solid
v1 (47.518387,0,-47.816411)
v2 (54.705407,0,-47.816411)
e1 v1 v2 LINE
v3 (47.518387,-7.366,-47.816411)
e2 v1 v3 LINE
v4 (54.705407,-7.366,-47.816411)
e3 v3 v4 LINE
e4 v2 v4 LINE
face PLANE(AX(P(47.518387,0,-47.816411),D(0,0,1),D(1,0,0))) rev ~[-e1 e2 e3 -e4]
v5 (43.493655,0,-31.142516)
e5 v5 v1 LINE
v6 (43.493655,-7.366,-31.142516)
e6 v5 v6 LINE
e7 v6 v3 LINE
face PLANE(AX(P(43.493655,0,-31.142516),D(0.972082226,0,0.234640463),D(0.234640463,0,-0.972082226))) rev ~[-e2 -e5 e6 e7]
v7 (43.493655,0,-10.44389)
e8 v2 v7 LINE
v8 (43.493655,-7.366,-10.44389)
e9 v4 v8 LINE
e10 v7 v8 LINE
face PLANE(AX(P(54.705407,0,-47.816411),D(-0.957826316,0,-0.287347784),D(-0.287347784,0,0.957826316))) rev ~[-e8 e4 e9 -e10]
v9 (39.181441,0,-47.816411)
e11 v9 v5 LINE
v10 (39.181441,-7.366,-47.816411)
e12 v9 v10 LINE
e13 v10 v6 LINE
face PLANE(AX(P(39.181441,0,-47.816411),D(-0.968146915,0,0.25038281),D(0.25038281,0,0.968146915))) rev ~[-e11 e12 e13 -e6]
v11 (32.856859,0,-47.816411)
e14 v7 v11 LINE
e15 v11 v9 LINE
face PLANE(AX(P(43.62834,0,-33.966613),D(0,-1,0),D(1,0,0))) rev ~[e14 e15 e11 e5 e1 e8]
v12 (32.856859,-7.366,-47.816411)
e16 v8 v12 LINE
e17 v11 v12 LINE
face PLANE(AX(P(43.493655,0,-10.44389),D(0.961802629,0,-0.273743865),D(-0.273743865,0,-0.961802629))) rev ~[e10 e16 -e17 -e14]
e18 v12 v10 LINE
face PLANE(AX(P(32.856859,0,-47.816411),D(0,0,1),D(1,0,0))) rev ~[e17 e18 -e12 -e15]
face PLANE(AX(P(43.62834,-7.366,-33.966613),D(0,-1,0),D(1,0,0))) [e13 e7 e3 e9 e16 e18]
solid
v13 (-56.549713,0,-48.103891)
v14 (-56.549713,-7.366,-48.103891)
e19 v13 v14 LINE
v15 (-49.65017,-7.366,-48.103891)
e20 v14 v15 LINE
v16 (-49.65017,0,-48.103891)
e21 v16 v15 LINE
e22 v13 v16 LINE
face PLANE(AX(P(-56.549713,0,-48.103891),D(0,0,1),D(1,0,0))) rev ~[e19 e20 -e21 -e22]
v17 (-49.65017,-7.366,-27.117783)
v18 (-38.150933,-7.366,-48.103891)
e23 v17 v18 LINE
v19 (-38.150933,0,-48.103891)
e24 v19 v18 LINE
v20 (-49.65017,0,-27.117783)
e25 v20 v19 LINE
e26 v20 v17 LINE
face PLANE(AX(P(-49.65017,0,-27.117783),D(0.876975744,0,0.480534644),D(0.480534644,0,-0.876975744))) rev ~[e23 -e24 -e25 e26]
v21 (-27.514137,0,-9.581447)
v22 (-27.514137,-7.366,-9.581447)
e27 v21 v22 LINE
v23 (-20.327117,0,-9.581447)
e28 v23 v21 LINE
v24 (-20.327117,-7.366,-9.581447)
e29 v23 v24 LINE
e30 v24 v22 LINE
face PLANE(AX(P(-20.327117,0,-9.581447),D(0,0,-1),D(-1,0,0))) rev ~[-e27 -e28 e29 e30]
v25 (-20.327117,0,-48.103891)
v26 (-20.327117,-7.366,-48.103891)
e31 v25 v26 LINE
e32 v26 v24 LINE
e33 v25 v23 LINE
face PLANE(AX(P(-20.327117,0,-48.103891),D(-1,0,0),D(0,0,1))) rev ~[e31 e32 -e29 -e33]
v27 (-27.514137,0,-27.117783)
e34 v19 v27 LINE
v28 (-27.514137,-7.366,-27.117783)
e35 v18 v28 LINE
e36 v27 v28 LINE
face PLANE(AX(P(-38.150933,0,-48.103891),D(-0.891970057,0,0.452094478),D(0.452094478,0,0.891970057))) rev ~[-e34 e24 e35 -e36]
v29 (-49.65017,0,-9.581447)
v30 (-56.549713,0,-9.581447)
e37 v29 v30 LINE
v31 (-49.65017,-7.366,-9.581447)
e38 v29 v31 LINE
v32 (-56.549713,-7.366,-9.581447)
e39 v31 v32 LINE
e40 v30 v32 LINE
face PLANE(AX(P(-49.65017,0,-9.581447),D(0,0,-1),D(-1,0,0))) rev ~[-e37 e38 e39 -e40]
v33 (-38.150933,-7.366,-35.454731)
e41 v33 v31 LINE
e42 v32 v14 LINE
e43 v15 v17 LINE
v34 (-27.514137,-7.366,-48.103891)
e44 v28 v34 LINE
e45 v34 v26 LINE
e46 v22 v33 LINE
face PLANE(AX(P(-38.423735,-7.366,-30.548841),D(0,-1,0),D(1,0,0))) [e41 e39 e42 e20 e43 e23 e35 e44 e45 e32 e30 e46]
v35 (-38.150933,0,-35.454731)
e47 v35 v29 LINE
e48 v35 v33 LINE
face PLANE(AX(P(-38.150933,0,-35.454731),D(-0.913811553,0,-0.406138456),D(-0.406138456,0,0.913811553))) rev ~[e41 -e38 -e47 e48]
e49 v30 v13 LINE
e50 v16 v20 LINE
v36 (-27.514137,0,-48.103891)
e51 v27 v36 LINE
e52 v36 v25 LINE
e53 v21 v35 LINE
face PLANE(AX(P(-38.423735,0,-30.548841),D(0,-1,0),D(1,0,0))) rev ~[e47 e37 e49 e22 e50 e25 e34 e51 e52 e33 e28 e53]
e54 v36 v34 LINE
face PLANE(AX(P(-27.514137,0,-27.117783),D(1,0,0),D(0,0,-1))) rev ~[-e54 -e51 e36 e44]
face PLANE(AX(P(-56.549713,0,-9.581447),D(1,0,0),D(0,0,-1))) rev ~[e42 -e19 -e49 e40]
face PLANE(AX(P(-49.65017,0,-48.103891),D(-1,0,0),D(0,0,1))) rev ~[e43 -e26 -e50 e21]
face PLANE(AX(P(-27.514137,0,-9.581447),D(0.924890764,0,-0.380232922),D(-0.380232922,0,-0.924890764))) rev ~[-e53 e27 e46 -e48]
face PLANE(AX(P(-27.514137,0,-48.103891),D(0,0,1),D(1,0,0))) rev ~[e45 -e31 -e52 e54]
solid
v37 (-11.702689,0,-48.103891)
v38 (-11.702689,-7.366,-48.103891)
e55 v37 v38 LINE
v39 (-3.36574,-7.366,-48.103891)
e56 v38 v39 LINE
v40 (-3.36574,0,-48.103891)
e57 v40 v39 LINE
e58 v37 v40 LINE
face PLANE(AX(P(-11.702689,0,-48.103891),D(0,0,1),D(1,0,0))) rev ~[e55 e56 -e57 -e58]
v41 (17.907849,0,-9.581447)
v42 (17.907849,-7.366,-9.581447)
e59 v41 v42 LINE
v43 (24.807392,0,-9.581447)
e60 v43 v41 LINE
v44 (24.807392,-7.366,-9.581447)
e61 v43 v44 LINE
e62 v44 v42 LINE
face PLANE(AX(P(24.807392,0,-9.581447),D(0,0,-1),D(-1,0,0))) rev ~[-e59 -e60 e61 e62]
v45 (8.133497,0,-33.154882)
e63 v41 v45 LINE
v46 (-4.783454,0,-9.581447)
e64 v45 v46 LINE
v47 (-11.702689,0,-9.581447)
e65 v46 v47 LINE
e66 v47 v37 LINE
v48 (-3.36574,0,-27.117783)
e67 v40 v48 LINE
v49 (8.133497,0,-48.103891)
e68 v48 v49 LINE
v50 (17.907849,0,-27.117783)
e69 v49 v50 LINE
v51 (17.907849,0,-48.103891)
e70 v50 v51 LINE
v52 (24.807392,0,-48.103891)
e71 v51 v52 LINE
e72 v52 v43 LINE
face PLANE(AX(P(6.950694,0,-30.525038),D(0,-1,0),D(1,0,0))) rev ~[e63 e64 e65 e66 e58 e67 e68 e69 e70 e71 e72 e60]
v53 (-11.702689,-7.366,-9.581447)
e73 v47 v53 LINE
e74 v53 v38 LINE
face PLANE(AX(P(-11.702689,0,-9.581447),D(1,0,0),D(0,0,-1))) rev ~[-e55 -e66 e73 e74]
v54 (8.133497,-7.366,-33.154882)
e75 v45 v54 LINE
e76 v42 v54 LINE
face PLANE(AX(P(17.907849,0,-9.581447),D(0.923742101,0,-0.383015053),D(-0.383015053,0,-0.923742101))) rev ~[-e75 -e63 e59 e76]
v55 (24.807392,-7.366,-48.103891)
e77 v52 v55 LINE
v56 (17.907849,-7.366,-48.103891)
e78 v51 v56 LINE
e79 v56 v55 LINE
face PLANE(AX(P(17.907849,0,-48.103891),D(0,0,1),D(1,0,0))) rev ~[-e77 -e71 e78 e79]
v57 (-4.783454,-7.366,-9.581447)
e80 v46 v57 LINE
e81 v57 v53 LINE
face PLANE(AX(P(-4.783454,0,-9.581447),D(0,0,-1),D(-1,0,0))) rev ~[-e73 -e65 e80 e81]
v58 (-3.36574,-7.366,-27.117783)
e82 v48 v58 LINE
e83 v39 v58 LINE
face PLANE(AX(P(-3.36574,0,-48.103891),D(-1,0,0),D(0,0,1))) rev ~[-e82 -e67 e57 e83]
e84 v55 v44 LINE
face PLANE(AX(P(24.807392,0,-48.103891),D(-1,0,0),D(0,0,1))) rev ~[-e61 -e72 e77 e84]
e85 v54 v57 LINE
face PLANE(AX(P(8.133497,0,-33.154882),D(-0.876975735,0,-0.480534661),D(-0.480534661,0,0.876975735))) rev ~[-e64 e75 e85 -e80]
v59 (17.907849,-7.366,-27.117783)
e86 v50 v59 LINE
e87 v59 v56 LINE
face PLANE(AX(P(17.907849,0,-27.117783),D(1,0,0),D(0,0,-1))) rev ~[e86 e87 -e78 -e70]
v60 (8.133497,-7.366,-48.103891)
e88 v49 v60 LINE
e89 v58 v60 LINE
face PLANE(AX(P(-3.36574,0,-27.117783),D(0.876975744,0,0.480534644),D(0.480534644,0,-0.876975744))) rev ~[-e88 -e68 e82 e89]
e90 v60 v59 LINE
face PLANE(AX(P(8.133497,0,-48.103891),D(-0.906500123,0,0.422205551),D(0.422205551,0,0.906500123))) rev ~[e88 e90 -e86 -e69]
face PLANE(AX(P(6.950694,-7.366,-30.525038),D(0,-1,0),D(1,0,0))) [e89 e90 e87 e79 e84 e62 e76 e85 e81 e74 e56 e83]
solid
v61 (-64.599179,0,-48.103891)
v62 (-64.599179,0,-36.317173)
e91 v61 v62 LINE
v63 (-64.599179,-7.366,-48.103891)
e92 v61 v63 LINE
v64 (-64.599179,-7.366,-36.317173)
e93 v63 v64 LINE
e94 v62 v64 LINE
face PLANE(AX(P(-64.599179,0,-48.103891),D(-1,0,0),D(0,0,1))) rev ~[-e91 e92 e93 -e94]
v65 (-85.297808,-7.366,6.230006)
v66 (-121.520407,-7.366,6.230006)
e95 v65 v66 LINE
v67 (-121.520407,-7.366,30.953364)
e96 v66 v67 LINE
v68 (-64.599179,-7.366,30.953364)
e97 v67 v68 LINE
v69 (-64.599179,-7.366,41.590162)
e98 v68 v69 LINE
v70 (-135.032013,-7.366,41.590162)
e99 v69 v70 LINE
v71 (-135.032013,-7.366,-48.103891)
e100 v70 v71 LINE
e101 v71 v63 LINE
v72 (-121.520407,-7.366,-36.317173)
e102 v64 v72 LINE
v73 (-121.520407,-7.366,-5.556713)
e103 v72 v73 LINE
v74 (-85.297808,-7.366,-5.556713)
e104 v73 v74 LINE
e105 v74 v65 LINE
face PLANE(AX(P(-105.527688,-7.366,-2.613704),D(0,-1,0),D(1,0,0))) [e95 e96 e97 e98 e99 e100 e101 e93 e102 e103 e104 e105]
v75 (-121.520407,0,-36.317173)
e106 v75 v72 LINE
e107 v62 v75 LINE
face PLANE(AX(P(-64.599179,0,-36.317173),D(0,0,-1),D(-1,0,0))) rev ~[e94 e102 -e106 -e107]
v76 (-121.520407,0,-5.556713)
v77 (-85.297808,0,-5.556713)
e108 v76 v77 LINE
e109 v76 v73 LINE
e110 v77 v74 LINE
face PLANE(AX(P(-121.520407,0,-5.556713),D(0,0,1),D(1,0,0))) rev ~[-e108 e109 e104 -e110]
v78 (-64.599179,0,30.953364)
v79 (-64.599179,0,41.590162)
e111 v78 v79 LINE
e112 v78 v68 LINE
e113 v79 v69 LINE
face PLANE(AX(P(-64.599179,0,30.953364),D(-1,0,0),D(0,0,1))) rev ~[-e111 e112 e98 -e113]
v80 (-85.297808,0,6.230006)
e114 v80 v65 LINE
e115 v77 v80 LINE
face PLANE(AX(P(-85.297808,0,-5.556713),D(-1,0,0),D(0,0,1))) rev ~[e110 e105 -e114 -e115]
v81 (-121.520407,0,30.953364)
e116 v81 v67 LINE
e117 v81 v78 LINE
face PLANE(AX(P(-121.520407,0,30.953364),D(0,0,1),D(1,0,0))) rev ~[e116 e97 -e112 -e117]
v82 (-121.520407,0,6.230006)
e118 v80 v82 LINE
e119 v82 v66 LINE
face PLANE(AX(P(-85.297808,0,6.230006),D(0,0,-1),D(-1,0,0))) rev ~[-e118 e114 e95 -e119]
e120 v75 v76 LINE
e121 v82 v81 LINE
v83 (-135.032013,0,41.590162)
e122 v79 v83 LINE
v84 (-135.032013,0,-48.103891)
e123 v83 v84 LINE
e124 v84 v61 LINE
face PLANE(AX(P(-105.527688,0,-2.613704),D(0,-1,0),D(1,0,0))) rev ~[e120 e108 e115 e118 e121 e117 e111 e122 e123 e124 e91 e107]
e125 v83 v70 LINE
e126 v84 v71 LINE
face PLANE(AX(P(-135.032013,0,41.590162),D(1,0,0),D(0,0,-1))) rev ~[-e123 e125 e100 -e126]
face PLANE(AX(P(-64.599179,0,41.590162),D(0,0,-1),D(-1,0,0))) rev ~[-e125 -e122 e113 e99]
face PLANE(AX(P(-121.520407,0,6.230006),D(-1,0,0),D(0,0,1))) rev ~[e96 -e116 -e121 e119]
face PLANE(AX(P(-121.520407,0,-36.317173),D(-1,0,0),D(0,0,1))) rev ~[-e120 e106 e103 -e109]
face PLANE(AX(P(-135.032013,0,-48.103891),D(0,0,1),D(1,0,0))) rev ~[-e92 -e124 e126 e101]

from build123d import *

# Parameters (mm, degrees)
F1_DEPTH = 7.366


with BuildPart() as f1:
    # F0 (on Front) → F1 (new body)
    with BuildSketch(Plane.XZ):
        Polygon((-64.599179, 41.590162), (-135.032013, 41.590162), (-135.032013, -48.103891), (-64.599179, -48.103891), (-64.599179, -36.317173), (-121.520407, -36.317173), (-121.520407, -5.556713), (-85.297808, -5.556713), (-85.297808, 6.230006), (-121.520407, 6.230006), (-121.520407, 30.953364), (-64.599179, 30.953364), align=None)
        Polygon((-49.65017, -9.581447), (-56.549713, -9.581447), (-56.549713, -48.103891), (-49.65017, -48.103891), (-49.65017, -27.117783), (-38.150933, -48.103891), (-27.514137, -27.117783), (-27.514137, -48.103891), (-20.327117, -48.103891), (-20.327117, -9.581447), (-27.514137, -9.581447), (-38.150933, -35.454731), align=None)
        Polygon((-4.783454, -9.581447), (-11.702689, -9.581447), (-11.702689, -48.103891), (-3.36574, -48.103891), (-3.36574, -27.117783), (8.133497, -48.103891), (17.907849, -27.117783), (17.907849, -48.103891), (24.807392, -48.103891), (24.807392, -9.581447), (17.907849, -9.581447), (8.133497, -33.154882), align=None)
        Polygon((43.493655, -10.44389), (32.856859, -47.816411), (39.181441, -47.816411), (43.493655, -31.142516), (47.518387, -47.816411), (54.705407, -47.816411), align=None)
    extrude(amount=F1_DEPTH)


solid = f1.part
